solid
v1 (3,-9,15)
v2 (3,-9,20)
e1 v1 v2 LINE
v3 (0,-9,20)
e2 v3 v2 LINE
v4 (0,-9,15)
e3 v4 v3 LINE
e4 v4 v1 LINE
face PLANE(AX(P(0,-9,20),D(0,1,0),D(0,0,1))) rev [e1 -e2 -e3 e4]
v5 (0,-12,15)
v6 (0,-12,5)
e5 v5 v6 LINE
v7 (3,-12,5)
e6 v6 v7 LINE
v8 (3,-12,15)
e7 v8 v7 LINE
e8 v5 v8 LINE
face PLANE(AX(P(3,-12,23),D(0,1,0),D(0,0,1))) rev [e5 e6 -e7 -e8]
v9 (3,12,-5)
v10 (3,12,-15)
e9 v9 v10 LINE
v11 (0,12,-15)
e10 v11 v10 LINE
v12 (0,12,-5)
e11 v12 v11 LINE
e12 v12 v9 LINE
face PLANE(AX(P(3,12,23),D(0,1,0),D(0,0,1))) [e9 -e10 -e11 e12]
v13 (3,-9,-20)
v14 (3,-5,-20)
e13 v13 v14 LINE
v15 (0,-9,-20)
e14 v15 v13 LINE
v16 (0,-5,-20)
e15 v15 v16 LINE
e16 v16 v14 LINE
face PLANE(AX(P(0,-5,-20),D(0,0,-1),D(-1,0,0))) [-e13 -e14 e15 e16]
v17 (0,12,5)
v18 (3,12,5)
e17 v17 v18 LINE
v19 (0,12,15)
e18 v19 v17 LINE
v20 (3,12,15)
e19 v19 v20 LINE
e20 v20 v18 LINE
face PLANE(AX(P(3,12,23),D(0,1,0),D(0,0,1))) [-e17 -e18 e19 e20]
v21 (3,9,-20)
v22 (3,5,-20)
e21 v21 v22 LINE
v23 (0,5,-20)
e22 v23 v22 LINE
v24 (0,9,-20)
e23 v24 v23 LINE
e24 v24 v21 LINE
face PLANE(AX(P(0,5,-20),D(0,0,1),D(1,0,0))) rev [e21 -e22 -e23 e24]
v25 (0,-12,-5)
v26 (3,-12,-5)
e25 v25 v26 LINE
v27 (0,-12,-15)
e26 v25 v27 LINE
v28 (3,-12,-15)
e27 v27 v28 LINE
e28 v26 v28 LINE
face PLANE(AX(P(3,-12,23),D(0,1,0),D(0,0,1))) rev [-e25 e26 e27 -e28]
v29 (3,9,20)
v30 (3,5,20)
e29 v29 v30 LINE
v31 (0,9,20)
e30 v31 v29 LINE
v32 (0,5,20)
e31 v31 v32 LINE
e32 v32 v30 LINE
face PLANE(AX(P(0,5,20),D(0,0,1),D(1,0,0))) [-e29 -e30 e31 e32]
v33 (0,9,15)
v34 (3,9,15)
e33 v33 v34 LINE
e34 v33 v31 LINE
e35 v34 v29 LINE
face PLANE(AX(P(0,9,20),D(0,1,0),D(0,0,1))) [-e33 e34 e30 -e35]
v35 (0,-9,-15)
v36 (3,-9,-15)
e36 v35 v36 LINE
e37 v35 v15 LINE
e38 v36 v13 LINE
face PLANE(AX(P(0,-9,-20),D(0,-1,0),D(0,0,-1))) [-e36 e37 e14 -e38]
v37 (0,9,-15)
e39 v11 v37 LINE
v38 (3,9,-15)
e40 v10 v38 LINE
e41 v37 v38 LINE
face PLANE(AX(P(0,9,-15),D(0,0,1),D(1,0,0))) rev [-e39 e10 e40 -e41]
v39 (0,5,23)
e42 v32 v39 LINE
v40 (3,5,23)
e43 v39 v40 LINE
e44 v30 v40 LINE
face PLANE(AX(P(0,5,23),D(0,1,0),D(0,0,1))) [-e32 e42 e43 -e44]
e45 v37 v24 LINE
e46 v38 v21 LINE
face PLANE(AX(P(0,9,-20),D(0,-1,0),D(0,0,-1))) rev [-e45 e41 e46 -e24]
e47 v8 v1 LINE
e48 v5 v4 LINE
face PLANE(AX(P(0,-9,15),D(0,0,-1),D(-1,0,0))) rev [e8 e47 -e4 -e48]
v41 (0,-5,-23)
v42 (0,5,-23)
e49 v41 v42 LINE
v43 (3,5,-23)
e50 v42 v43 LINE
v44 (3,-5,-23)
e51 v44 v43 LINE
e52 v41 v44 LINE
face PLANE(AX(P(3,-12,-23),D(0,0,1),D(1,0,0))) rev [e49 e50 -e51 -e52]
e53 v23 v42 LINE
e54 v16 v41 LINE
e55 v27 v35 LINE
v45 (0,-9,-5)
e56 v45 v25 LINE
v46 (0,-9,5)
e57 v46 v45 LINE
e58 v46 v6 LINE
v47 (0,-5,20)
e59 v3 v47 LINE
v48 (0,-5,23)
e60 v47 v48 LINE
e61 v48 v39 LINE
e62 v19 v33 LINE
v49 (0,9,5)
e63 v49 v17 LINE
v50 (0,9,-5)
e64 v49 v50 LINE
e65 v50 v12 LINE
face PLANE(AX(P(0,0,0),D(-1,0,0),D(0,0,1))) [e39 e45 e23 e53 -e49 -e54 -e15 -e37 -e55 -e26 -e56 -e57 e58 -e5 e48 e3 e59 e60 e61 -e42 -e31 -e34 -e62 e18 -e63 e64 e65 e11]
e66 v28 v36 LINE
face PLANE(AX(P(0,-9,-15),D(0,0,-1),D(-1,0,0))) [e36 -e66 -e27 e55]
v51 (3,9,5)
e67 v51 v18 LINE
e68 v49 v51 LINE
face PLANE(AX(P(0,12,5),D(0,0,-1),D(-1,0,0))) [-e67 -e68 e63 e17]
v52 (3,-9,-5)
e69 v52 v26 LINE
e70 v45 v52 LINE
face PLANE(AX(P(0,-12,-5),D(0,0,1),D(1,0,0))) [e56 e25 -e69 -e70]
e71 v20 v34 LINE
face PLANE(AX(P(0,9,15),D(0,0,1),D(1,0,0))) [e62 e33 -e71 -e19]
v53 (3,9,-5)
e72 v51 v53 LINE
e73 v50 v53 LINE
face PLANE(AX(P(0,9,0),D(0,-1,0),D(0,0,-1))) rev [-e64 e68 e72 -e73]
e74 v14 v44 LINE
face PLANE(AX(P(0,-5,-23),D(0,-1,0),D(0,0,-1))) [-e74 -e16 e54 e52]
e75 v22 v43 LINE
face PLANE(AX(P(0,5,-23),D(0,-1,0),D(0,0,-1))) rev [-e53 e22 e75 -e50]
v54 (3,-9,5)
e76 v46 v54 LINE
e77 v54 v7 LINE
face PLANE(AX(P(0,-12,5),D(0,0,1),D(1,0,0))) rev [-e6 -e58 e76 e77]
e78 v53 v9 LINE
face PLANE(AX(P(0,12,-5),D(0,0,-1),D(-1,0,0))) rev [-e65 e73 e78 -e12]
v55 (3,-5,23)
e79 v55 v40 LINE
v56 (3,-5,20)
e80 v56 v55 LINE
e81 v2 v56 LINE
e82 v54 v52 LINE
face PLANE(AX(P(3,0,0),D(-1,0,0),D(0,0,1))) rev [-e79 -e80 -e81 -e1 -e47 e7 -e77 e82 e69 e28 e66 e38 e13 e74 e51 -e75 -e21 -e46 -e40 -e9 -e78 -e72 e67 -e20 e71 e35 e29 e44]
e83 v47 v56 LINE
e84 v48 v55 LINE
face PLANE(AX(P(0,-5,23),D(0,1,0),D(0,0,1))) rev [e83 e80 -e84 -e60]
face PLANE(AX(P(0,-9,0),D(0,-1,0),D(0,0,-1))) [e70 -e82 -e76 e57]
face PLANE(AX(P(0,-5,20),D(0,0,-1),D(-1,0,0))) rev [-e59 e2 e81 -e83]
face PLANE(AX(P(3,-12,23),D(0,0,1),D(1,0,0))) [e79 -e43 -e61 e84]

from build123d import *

# Parameters (mm, degrees)
SKETCH1_W               = 46
SKETCH1_H               = 24
BOSS_EXTRUDE1_DEPTH     = 3
SKETCH2_W               = 5
SKETCH2_H               = 3
CUT_EXTRUDE1_DEPTH      = 4
MIRROR2_COPY_1_SKETCH_W = 5
MIRROR2_COPY_1_SKETCH_H = 3
MIRROR2_COPY_1_DEPTH    = 4


with BuildPart() as part:
    # Sketch1 → Boss-Extrude1 (new body)
    with BuildSketch(Plane(origin=(0, 0, 0), x_dir=(0, 0, -1), z_dir=(1, 0, 0))):
        Rectangle(SKETCH1_W, SKETCH1_H)
    extrude(amount=BOSS_EXTRUDE1_DEPTH)

    # Sketch2 → Cut-Extrude1 (cut, through all)
    with BuildSketch(Plane(origin=(3, 0, 0), x_dir=(0, 0, -1), z_dir=(1, 0, 0))):
        Polygon((23, 5), (20, 5), (20, 9), (15, 9), (15, 12), (23, 12), align=None)
        with Locations((2.5, 10.5)):
            Rectangle(SKETCH2_W, SKETCH2_H)
    cut_extrude1 = extrude(amount=-CUT_EXTRUDE1_DEPTH, mode=Mode.SUBTRACT)

    # Mirror1: Cut-Extrude1 across plane
    add(cut_extrude1.mirror(Plane.ZX), mode=Mode.SUBTRACT)

    # Mirror2: Cut-Extrude1 across plane
    add(cut_extrude1.mirror(Plane.XY), mode=Mode.SUBTRACT)

    # Mirror2 copy 1 sketch → Mirror2 copy 1 (cut, through all)
    with BuildSketch(Plane(origin=(3, 0, 0), x_dir=(0, 0, 1), z_dir=(1, 0, 0))):
        Polygon((23, 5), (20, 5), (20, 9), (15, 9), (15, 12), (23, 12), align=None)
        with Locations((2.5, 10.5)):
            Rectangle(MIRROR2_COPY_1_SKETCH_W, MIRROR2_COPY_1_SKETCH_H)
    extrude(amount=-MIRROR2_COPY_1_DEPTH, mode=Mode.SUBTRACT)


solid = part.part
